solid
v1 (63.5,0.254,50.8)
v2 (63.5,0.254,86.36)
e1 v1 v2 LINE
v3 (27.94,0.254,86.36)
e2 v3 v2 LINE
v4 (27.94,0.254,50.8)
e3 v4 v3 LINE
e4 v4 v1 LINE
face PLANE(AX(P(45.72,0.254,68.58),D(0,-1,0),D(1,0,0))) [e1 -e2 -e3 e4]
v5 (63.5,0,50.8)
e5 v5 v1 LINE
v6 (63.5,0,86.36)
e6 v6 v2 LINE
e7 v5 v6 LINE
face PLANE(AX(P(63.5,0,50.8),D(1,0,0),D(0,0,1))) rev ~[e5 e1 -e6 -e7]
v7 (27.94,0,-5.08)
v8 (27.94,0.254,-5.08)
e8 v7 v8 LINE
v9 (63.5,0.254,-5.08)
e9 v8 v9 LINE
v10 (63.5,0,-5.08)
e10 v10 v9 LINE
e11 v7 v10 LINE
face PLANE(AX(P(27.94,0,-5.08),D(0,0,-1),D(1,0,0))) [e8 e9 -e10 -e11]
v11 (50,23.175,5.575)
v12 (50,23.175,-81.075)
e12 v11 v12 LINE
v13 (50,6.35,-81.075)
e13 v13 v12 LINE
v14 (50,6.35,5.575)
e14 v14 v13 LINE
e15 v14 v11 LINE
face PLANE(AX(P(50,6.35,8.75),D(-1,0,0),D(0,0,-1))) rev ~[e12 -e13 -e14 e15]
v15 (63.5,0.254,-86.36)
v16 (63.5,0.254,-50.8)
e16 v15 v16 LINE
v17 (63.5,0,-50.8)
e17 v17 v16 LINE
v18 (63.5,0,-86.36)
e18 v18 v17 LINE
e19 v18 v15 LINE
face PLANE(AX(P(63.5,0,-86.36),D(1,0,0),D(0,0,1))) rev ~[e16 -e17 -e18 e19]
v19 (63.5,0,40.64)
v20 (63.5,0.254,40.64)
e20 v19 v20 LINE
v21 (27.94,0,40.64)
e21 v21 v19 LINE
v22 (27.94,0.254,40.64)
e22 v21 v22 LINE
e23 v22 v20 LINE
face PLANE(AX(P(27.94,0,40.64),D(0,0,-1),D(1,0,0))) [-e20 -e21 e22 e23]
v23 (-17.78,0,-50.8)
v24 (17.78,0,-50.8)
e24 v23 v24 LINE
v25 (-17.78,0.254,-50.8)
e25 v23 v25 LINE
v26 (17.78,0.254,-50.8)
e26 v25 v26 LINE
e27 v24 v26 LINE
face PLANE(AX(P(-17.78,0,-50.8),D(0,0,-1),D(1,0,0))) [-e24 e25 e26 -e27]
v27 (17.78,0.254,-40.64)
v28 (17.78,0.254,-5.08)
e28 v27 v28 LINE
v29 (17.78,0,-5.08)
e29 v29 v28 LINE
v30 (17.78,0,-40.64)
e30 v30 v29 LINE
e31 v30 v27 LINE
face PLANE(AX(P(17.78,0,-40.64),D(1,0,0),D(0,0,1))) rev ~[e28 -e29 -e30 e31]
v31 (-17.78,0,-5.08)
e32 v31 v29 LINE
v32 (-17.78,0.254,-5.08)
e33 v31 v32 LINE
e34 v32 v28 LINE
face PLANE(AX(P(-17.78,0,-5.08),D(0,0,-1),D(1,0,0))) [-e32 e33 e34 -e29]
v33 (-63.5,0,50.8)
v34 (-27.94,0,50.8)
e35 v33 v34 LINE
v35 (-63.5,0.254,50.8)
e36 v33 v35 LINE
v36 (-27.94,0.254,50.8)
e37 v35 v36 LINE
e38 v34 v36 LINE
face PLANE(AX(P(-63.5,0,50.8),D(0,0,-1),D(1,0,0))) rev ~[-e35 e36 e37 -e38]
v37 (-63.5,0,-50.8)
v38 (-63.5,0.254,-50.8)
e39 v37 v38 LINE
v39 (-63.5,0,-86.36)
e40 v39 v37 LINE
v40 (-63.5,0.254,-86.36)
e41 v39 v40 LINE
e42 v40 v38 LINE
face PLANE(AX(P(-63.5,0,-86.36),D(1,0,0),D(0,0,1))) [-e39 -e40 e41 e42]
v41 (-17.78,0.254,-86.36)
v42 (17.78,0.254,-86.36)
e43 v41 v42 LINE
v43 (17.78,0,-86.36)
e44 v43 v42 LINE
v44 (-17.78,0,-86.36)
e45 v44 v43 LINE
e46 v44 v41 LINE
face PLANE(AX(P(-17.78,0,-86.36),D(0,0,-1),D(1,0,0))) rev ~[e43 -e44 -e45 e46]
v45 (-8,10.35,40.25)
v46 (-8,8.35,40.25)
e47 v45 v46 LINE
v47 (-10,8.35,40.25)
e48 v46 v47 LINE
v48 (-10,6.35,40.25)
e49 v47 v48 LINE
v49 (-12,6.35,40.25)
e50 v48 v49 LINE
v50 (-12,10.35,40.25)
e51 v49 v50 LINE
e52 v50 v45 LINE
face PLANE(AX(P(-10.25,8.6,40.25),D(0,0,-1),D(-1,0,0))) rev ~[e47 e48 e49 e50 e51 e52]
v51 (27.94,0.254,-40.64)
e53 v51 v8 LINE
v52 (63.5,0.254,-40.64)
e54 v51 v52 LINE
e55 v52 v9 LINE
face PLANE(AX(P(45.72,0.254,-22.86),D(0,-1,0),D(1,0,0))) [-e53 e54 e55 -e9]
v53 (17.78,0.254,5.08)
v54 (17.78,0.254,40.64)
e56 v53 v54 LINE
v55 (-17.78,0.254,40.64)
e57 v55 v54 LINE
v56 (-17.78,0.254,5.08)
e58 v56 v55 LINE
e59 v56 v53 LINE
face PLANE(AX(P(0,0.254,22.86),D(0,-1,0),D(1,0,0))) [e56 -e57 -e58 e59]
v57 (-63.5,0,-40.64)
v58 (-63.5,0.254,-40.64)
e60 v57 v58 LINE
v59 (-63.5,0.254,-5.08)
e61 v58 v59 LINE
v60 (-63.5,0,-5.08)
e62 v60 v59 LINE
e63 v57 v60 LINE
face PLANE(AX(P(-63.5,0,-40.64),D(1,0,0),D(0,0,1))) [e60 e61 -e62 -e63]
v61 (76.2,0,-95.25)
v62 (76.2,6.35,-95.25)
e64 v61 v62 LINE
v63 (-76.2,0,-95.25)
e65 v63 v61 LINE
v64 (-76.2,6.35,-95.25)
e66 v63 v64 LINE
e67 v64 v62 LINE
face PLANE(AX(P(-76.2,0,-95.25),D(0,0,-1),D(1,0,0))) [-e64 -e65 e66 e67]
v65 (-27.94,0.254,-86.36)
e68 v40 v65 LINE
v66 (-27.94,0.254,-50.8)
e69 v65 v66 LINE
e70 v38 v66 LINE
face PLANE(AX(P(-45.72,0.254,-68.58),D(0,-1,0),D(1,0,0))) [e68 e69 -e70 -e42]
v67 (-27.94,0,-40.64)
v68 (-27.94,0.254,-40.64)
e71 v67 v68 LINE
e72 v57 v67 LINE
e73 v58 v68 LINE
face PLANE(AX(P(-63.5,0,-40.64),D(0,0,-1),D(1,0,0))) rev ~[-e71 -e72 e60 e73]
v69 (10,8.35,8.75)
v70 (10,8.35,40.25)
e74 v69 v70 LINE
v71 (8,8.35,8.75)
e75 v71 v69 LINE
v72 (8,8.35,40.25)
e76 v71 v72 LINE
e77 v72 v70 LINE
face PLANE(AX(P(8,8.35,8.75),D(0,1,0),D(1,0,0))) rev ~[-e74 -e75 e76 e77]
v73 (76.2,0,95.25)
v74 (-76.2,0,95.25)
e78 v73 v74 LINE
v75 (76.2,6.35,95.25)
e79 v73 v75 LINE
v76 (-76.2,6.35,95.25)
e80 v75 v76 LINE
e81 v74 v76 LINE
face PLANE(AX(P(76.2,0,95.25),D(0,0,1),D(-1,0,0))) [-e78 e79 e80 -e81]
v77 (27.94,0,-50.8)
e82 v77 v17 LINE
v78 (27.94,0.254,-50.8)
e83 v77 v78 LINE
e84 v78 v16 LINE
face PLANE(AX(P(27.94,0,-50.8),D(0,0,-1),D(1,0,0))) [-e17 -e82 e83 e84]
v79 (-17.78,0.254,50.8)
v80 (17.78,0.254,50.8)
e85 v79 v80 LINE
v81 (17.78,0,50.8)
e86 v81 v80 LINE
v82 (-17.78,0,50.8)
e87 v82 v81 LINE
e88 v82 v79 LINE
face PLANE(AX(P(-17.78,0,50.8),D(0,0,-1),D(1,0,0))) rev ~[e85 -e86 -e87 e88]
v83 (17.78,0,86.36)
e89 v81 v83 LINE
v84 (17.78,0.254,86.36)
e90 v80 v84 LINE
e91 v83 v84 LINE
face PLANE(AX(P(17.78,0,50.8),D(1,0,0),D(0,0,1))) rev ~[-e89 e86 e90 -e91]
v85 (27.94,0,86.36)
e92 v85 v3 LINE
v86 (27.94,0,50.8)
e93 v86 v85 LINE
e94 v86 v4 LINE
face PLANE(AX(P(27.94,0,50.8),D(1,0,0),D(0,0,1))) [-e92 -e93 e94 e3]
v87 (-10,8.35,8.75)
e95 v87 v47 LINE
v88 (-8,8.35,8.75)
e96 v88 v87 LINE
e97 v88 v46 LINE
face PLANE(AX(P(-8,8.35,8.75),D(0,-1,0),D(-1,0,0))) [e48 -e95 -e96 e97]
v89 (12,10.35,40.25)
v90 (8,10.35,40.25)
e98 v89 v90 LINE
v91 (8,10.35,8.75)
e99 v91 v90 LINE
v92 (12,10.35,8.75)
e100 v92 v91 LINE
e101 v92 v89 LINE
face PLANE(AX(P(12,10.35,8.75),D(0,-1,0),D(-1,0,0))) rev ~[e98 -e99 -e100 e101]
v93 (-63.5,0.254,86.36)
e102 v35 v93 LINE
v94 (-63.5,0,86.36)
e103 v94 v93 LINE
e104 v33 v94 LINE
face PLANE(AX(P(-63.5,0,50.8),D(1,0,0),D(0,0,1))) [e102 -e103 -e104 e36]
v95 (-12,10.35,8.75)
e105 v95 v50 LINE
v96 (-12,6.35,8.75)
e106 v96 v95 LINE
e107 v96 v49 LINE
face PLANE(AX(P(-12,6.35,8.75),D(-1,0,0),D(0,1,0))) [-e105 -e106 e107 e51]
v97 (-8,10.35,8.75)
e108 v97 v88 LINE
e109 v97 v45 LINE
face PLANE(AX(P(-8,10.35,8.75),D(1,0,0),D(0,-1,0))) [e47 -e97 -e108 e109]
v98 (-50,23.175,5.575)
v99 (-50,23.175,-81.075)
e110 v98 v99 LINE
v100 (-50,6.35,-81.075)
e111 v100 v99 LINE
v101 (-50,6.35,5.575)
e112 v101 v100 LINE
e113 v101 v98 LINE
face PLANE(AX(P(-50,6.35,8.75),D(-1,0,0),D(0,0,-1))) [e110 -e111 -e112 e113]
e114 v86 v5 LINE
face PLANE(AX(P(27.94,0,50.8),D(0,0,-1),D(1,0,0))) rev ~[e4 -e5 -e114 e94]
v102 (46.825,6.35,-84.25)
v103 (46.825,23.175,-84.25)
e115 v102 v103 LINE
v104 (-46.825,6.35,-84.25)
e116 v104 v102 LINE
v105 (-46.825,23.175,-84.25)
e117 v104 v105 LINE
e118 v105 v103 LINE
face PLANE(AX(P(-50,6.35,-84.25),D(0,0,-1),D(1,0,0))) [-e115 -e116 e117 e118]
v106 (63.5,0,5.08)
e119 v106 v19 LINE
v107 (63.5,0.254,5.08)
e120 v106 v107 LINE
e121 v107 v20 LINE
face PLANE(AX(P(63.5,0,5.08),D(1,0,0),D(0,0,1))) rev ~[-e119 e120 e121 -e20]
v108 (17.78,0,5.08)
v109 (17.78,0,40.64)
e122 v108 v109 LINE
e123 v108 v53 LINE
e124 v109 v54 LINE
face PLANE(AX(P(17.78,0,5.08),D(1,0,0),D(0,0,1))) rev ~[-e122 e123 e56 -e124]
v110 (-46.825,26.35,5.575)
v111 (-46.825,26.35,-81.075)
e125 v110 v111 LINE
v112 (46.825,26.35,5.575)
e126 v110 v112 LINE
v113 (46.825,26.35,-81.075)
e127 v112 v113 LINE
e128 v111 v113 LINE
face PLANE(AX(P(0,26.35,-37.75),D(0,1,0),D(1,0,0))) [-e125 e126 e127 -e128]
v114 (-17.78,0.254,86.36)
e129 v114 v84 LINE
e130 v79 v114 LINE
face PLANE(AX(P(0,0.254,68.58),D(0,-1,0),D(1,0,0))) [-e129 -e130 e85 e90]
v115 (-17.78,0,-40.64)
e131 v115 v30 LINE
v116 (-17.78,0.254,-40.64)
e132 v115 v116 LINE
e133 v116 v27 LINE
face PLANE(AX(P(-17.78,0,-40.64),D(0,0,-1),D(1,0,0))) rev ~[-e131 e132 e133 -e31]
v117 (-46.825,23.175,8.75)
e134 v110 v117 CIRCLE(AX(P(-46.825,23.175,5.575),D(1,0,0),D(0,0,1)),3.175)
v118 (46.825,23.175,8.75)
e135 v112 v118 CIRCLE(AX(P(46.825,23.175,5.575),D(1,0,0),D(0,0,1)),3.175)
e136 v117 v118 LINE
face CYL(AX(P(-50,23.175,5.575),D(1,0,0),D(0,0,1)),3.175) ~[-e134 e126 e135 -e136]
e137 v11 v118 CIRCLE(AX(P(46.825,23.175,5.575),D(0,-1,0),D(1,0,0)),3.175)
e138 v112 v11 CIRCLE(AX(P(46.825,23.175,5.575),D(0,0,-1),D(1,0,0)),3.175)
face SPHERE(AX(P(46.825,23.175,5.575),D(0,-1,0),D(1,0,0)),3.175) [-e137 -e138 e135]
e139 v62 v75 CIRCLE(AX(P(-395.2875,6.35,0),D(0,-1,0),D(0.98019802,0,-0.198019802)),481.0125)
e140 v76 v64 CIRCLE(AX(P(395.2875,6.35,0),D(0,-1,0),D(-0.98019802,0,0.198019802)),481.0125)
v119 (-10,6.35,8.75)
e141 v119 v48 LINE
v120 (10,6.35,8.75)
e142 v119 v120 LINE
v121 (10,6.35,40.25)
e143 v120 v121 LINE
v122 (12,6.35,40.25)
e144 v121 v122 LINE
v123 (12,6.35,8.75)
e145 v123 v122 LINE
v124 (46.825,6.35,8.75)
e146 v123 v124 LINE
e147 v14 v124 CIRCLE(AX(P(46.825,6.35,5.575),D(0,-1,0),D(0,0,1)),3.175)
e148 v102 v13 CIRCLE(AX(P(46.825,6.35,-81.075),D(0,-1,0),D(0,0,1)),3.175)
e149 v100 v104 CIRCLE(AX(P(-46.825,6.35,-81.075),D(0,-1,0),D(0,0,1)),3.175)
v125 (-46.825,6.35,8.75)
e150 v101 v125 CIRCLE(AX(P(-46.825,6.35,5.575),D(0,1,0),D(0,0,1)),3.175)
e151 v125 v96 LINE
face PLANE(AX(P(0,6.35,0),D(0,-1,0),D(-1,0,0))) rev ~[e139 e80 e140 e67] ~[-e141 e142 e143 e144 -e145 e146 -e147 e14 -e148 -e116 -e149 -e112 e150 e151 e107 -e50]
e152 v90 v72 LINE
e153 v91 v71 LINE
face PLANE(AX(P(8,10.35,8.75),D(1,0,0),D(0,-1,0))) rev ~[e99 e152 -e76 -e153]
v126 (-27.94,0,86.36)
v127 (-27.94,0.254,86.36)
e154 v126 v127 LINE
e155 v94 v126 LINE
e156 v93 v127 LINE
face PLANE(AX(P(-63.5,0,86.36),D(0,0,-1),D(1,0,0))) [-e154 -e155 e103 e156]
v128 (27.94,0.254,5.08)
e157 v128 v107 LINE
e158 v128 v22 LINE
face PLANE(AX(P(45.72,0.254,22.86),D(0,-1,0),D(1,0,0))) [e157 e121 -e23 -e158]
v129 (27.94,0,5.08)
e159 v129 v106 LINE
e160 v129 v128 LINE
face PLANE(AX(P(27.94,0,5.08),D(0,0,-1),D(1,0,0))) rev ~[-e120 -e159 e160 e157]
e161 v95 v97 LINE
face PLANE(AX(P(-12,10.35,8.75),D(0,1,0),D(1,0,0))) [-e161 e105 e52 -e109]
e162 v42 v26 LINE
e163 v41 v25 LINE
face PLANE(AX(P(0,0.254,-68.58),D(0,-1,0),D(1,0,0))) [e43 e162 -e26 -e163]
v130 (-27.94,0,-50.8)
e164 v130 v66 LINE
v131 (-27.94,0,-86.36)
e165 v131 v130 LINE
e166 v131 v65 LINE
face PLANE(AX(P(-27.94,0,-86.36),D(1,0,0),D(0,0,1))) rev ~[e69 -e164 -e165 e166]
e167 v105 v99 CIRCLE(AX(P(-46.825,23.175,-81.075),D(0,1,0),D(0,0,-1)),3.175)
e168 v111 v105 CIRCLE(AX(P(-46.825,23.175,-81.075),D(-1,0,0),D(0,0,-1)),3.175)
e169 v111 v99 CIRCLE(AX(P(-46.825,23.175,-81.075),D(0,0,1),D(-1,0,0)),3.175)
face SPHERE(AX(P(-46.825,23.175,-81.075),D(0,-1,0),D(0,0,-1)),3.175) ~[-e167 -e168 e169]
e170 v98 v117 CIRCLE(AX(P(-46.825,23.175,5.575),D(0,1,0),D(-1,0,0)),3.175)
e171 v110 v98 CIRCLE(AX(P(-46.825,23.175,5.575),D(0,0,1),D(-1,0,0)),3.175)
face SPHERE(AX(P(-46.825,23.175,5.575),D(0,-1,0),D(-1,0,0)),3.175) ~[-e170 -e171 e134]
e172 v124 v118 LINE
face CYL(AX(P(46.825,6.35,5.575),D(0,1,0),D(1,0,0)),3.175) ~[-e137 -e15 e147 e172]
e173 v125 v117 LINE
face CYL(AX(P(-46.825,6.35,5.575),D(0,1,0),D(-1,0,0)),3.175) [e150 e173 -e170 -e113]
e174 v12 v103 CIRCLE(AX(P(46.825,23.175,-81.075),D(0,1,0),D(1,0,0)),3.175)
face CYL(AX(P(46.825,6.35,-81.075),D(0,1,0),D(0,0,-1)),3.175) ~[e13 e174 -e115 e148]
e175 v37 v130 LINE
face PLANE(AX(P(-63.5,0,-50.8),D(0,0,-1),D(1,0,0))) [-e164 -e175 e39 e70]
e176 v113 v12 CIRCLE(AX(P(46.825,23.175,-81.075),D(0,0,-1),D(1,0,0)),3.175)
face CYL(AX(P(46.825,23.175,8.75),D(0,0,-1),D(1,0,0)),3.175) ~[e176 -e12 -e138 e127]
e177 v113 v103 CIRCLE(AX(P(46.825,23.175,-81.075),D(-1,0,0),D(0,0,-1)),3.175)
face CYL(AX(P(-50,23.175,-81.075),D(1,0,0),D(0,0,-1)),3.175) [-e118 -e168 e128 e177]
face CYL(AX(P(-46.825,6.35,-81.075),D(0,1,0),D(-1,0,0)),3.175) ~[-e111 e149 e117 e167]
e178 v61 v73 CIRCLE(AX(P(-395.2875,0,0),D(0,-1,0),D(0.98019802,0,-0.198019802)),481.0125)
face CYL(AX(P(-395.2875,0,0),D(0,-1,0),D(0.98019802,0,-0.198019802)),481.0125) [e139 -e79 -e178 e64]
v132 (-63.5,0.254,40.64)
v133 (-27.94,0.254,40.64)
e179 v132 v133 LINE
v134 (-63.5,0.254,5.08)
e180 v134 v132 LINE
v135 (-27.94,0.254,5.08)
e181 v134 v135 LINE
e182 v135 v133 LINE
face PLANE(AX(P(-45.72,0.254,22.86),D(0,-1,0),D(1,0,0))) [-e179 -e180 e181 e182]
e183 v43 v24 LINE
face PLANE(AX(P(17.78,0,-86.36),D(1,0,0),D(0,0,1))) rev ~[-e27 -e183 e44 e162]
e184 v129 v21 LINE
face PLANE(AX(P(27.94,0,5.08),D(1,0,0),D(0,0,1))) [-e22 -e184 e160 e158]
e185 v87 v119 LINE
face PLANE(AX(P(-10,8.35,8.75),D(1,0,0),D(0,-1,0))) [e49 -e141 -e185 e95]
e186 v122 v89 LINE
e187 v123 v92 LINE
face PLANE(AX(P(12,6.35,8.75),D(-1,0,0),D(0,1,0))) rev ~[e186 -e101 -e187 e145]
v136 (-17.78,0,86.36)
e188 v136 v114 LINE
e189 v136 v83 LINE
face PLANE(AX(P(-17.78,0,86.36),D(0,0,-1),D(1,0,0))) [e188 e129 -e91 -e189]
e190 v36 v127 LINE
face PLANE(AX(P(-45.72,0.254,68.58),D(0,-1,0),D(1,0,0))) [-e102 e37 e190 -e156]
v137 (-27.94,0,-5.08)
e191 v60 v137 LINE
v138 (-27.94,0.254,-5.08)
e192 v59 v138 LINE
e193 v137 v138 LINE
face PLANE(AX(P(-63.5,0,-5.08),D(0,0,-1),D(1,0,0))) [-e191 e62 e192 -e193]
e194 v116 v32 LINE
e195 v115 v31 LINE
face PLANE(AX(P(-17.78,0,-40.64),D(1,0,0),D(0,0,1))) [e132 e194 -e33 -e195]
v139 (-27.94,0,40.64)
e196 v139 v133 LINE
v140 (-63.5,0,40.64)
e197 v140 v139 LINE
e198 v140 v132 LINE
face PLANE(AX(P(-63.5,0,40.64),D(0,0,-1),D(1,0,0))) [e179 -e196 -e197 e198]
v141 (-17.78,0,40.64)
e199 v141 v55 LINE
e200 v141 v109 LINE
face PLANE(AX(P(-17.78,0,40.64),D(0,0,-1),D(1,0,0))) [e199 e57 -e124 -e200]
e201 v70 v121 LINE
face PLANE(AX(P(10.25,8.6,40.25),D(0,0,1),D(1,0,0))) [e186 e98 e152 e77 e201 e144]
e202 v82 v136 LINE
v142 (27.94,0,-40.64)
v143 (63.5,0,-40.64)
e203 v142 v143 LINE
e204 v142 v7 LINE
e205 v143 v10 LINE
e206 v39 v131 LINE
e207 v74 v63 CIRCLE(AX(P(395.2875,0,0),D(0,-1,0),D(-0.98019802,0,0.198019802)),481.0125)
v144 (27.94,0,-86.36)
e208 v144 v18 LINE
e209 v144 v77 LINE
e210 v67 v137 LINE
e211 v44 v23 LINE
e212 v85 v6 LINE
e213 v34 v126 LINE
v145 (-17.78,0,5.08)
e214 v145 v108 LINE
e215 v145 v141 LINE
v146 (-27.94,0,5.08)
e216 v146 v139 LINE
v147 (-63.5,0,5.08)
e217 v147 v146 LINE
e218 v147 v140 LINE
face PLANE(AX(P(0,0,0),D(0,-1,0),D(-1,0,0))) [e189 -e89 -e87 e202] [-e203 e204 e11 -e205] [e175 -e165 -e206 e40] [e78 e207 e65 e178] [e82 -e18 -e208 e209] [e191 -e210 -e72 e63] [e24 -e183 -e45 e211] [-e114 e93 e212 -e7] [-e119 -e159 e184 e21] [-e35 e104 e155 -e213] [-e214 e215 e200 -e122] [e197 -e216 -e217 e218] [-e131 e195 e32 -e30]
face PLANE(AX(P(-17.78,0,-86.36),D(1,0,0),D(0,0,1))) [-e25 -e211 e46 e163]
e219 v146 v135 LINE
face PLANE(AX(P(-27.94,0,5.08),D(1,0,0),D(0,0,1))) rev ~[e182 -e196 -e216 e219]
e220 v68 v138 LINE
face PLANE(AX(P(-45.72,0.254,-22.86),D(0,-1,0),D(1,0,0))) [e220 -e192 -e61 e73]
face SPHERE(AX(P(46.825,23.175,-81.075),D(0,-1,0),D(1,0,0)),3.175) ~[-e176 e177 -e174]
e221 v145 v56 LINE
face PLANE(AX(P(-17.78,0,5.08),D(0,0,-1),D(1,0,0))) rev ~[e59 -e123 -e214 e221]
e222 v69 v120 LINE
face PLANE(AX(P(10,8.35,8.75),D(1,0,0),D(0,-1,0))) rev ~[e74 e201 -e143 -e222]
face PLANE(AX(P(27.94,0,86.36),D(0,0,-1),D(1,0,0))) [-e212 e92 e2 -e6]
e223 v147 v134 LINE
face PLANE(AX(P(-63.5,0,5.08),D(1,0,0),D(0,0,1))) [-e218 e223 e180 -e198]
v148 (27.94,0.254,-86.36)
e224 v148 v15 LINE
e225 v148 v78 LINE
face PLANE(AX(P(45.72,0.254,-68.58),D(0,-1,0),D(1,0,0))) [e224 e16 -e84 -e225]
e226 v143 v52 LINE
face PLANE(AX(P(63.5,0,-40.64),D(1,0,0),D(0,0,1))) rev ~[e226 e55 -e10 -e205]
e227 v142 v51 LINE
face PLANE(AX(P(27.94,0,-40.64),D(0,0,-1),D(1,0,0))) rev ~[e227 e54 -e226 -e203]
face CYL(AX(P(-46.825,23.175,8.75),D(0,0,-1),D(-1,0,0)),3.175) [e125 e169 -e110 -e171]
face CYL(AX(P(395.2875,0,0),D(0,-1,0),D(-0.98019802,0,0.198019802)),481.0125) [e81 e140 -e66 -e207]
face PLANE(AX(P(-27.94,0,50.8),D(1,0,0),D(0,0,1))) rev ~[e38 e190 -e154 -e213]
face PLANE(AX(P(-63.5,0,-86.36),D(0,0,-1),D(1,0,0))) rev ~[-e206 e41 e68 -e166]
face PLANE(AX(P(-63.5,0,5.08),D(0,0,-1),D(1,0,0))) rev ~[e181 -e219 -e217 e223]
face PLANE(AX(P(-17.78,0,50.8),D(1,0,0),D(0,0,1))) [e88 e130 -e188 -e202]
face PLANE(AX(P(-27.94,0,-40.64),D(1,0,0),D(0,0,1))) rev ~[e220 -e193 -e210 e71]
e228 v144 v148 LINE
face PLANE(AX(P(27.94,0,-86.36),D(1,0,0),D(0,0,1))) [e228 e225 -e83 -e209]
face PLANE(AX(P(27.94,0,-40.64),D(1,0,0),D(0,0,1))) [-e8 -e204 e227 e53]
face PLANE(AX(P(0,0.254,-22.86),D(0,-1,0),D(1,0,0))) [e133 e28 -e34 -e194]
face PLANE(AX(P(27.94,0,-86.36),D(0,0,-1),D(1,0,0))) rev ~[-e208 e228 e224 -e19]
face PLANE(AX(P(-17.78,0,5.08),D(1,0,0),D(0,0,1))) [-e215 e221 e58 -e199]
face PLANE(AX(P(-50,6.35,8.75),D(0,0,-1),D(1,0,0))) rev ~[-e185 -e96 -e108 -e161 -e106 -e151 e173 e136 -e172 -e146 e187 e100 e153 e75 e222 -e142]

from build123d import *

# Parameters (mm, degrees)
BOSS_EXTRUDE1_DEPTH = 6.35
SKETCH2_W           = 100
SKETCH2_H           = 93
BOSS_EXTRUDE2_DEPTH = 20
FILLET1_R           = 3.175
BOSS_EXTRUDE3_DEPTH = 31.5
SKETCH5_W           = 35.56
SKETCH5_H           = 35.56
CUT_EXTRUDE1_DEPTH  = 0.254
LPATTERN1_COUNT     = 3
LPATTERN1_PITCH     = 45.72
LPATTERN2_COUNT     = 2
LPATTERN2_PITCH     = 45.72


with BuildPart() as part:
    # Sketch1 → Boss-Extrude1 (new body)
    with BuildSketch(Plane(origin=(0, 0, 0), x_dir=(1, 0, 0), z_dir=(0, 1, 0))):
        with BuildLine():
            Line((-76.2, 95.25), (76.2, 95.25))
            ThreePointArc((76.2, 95.25), (85.725, 0), (76.2, -95.25))
            Line((76.2, -95.25), (-76.2, -95.25))
            ThreePointArc((-76.2, -95.25), (-85.725, 0), (-76.2, 95.25))
        make_face()
    extrude(amount=BOSS_EXTRUDE1_DEPTH)

    # Sketch2 → Boss-Extrude2 (add)
    with BuildSketch(Plane(origin=(0, 6.35, 0), x_dir=(1, 0, 0), z_dir=(0, 1, 0))):
        with Locations((0, 37.75)):
            Rectangle(SKETCH2_W, SKETCH2_H)
    extrude(amount=BOSS_EXTRUDE2_DEPTH)

    # Fillet1
    fillet1_edges = [part.edges().sort_by_distance(p)[0] for p in [
        (50, 16.35, 8.75),
        (50, 16.35, -84.25),
        (-50, 16.35, -84.25),
        (-50, 16.35, 8.75),
        (50, 26.35, -37.75),
        (0, 26.35, -84.25),
        (-50, 26.35, -37.75),
        (0, 26.35, 8.75),
    ]]
    fillet(fillet1_edges, radius=FILLET1_R)

    # Sketch3 → Boss-Extrude3 (add)
    with BuildSketch(Plane.XY.offset(8.75)):
        Polygon((-12, 6.35), (-12, 10.35), (-8, 10.35), (-8, 8.35), (-10, 8.35), (-10, 6.35), align=None)
        Polygon((10, 6.35), (12, 6.35), (12, 10.35), (8, 10.35), (8, 8.35), (10, 8.35), align=None)
    extrude(amount=BOSS_EXTRUDE3_DEPTH)

    # Sketch5 → Cut-Extrude1 (cut)
    with BuildSketch(Plane.XZ):
        with Locations((-45.72, -22.86)):
            Rectangle(SKETCH5_W, SKETCH5_H)
        with Locations((0, -22.86)):
            Rectangle(SKETCH5_W, SKETCH5_H)
        with Locations((45.72, -22.86)):
            Rectangle(SKETCH5_W, SKETCH5_H)
    cut_extrude1 = extrude(amount=-CUT_EXTRUDE1_DEPTH, mode=Mode.SUBTRACT)

    # LPattern1: Cut-Extrude1 ×3
    with Locations(*[(0, 0, i * LPATTERN1_PITCH) for i in range(1, LPATTERN1_COUNT)]):
        add(cut_extrude1, mode=Mode.SUBTRACT)

    # LPattern2: Cut-Extrude1 ×2
    with Locations(*[(0, 0, -i * LPATTERN2_PITCH) for i in range(1, LPATTERN2_COUNT)]):
        add(cut_extrude1, mode=Mode.SUBTRACT)


solid = part.part
